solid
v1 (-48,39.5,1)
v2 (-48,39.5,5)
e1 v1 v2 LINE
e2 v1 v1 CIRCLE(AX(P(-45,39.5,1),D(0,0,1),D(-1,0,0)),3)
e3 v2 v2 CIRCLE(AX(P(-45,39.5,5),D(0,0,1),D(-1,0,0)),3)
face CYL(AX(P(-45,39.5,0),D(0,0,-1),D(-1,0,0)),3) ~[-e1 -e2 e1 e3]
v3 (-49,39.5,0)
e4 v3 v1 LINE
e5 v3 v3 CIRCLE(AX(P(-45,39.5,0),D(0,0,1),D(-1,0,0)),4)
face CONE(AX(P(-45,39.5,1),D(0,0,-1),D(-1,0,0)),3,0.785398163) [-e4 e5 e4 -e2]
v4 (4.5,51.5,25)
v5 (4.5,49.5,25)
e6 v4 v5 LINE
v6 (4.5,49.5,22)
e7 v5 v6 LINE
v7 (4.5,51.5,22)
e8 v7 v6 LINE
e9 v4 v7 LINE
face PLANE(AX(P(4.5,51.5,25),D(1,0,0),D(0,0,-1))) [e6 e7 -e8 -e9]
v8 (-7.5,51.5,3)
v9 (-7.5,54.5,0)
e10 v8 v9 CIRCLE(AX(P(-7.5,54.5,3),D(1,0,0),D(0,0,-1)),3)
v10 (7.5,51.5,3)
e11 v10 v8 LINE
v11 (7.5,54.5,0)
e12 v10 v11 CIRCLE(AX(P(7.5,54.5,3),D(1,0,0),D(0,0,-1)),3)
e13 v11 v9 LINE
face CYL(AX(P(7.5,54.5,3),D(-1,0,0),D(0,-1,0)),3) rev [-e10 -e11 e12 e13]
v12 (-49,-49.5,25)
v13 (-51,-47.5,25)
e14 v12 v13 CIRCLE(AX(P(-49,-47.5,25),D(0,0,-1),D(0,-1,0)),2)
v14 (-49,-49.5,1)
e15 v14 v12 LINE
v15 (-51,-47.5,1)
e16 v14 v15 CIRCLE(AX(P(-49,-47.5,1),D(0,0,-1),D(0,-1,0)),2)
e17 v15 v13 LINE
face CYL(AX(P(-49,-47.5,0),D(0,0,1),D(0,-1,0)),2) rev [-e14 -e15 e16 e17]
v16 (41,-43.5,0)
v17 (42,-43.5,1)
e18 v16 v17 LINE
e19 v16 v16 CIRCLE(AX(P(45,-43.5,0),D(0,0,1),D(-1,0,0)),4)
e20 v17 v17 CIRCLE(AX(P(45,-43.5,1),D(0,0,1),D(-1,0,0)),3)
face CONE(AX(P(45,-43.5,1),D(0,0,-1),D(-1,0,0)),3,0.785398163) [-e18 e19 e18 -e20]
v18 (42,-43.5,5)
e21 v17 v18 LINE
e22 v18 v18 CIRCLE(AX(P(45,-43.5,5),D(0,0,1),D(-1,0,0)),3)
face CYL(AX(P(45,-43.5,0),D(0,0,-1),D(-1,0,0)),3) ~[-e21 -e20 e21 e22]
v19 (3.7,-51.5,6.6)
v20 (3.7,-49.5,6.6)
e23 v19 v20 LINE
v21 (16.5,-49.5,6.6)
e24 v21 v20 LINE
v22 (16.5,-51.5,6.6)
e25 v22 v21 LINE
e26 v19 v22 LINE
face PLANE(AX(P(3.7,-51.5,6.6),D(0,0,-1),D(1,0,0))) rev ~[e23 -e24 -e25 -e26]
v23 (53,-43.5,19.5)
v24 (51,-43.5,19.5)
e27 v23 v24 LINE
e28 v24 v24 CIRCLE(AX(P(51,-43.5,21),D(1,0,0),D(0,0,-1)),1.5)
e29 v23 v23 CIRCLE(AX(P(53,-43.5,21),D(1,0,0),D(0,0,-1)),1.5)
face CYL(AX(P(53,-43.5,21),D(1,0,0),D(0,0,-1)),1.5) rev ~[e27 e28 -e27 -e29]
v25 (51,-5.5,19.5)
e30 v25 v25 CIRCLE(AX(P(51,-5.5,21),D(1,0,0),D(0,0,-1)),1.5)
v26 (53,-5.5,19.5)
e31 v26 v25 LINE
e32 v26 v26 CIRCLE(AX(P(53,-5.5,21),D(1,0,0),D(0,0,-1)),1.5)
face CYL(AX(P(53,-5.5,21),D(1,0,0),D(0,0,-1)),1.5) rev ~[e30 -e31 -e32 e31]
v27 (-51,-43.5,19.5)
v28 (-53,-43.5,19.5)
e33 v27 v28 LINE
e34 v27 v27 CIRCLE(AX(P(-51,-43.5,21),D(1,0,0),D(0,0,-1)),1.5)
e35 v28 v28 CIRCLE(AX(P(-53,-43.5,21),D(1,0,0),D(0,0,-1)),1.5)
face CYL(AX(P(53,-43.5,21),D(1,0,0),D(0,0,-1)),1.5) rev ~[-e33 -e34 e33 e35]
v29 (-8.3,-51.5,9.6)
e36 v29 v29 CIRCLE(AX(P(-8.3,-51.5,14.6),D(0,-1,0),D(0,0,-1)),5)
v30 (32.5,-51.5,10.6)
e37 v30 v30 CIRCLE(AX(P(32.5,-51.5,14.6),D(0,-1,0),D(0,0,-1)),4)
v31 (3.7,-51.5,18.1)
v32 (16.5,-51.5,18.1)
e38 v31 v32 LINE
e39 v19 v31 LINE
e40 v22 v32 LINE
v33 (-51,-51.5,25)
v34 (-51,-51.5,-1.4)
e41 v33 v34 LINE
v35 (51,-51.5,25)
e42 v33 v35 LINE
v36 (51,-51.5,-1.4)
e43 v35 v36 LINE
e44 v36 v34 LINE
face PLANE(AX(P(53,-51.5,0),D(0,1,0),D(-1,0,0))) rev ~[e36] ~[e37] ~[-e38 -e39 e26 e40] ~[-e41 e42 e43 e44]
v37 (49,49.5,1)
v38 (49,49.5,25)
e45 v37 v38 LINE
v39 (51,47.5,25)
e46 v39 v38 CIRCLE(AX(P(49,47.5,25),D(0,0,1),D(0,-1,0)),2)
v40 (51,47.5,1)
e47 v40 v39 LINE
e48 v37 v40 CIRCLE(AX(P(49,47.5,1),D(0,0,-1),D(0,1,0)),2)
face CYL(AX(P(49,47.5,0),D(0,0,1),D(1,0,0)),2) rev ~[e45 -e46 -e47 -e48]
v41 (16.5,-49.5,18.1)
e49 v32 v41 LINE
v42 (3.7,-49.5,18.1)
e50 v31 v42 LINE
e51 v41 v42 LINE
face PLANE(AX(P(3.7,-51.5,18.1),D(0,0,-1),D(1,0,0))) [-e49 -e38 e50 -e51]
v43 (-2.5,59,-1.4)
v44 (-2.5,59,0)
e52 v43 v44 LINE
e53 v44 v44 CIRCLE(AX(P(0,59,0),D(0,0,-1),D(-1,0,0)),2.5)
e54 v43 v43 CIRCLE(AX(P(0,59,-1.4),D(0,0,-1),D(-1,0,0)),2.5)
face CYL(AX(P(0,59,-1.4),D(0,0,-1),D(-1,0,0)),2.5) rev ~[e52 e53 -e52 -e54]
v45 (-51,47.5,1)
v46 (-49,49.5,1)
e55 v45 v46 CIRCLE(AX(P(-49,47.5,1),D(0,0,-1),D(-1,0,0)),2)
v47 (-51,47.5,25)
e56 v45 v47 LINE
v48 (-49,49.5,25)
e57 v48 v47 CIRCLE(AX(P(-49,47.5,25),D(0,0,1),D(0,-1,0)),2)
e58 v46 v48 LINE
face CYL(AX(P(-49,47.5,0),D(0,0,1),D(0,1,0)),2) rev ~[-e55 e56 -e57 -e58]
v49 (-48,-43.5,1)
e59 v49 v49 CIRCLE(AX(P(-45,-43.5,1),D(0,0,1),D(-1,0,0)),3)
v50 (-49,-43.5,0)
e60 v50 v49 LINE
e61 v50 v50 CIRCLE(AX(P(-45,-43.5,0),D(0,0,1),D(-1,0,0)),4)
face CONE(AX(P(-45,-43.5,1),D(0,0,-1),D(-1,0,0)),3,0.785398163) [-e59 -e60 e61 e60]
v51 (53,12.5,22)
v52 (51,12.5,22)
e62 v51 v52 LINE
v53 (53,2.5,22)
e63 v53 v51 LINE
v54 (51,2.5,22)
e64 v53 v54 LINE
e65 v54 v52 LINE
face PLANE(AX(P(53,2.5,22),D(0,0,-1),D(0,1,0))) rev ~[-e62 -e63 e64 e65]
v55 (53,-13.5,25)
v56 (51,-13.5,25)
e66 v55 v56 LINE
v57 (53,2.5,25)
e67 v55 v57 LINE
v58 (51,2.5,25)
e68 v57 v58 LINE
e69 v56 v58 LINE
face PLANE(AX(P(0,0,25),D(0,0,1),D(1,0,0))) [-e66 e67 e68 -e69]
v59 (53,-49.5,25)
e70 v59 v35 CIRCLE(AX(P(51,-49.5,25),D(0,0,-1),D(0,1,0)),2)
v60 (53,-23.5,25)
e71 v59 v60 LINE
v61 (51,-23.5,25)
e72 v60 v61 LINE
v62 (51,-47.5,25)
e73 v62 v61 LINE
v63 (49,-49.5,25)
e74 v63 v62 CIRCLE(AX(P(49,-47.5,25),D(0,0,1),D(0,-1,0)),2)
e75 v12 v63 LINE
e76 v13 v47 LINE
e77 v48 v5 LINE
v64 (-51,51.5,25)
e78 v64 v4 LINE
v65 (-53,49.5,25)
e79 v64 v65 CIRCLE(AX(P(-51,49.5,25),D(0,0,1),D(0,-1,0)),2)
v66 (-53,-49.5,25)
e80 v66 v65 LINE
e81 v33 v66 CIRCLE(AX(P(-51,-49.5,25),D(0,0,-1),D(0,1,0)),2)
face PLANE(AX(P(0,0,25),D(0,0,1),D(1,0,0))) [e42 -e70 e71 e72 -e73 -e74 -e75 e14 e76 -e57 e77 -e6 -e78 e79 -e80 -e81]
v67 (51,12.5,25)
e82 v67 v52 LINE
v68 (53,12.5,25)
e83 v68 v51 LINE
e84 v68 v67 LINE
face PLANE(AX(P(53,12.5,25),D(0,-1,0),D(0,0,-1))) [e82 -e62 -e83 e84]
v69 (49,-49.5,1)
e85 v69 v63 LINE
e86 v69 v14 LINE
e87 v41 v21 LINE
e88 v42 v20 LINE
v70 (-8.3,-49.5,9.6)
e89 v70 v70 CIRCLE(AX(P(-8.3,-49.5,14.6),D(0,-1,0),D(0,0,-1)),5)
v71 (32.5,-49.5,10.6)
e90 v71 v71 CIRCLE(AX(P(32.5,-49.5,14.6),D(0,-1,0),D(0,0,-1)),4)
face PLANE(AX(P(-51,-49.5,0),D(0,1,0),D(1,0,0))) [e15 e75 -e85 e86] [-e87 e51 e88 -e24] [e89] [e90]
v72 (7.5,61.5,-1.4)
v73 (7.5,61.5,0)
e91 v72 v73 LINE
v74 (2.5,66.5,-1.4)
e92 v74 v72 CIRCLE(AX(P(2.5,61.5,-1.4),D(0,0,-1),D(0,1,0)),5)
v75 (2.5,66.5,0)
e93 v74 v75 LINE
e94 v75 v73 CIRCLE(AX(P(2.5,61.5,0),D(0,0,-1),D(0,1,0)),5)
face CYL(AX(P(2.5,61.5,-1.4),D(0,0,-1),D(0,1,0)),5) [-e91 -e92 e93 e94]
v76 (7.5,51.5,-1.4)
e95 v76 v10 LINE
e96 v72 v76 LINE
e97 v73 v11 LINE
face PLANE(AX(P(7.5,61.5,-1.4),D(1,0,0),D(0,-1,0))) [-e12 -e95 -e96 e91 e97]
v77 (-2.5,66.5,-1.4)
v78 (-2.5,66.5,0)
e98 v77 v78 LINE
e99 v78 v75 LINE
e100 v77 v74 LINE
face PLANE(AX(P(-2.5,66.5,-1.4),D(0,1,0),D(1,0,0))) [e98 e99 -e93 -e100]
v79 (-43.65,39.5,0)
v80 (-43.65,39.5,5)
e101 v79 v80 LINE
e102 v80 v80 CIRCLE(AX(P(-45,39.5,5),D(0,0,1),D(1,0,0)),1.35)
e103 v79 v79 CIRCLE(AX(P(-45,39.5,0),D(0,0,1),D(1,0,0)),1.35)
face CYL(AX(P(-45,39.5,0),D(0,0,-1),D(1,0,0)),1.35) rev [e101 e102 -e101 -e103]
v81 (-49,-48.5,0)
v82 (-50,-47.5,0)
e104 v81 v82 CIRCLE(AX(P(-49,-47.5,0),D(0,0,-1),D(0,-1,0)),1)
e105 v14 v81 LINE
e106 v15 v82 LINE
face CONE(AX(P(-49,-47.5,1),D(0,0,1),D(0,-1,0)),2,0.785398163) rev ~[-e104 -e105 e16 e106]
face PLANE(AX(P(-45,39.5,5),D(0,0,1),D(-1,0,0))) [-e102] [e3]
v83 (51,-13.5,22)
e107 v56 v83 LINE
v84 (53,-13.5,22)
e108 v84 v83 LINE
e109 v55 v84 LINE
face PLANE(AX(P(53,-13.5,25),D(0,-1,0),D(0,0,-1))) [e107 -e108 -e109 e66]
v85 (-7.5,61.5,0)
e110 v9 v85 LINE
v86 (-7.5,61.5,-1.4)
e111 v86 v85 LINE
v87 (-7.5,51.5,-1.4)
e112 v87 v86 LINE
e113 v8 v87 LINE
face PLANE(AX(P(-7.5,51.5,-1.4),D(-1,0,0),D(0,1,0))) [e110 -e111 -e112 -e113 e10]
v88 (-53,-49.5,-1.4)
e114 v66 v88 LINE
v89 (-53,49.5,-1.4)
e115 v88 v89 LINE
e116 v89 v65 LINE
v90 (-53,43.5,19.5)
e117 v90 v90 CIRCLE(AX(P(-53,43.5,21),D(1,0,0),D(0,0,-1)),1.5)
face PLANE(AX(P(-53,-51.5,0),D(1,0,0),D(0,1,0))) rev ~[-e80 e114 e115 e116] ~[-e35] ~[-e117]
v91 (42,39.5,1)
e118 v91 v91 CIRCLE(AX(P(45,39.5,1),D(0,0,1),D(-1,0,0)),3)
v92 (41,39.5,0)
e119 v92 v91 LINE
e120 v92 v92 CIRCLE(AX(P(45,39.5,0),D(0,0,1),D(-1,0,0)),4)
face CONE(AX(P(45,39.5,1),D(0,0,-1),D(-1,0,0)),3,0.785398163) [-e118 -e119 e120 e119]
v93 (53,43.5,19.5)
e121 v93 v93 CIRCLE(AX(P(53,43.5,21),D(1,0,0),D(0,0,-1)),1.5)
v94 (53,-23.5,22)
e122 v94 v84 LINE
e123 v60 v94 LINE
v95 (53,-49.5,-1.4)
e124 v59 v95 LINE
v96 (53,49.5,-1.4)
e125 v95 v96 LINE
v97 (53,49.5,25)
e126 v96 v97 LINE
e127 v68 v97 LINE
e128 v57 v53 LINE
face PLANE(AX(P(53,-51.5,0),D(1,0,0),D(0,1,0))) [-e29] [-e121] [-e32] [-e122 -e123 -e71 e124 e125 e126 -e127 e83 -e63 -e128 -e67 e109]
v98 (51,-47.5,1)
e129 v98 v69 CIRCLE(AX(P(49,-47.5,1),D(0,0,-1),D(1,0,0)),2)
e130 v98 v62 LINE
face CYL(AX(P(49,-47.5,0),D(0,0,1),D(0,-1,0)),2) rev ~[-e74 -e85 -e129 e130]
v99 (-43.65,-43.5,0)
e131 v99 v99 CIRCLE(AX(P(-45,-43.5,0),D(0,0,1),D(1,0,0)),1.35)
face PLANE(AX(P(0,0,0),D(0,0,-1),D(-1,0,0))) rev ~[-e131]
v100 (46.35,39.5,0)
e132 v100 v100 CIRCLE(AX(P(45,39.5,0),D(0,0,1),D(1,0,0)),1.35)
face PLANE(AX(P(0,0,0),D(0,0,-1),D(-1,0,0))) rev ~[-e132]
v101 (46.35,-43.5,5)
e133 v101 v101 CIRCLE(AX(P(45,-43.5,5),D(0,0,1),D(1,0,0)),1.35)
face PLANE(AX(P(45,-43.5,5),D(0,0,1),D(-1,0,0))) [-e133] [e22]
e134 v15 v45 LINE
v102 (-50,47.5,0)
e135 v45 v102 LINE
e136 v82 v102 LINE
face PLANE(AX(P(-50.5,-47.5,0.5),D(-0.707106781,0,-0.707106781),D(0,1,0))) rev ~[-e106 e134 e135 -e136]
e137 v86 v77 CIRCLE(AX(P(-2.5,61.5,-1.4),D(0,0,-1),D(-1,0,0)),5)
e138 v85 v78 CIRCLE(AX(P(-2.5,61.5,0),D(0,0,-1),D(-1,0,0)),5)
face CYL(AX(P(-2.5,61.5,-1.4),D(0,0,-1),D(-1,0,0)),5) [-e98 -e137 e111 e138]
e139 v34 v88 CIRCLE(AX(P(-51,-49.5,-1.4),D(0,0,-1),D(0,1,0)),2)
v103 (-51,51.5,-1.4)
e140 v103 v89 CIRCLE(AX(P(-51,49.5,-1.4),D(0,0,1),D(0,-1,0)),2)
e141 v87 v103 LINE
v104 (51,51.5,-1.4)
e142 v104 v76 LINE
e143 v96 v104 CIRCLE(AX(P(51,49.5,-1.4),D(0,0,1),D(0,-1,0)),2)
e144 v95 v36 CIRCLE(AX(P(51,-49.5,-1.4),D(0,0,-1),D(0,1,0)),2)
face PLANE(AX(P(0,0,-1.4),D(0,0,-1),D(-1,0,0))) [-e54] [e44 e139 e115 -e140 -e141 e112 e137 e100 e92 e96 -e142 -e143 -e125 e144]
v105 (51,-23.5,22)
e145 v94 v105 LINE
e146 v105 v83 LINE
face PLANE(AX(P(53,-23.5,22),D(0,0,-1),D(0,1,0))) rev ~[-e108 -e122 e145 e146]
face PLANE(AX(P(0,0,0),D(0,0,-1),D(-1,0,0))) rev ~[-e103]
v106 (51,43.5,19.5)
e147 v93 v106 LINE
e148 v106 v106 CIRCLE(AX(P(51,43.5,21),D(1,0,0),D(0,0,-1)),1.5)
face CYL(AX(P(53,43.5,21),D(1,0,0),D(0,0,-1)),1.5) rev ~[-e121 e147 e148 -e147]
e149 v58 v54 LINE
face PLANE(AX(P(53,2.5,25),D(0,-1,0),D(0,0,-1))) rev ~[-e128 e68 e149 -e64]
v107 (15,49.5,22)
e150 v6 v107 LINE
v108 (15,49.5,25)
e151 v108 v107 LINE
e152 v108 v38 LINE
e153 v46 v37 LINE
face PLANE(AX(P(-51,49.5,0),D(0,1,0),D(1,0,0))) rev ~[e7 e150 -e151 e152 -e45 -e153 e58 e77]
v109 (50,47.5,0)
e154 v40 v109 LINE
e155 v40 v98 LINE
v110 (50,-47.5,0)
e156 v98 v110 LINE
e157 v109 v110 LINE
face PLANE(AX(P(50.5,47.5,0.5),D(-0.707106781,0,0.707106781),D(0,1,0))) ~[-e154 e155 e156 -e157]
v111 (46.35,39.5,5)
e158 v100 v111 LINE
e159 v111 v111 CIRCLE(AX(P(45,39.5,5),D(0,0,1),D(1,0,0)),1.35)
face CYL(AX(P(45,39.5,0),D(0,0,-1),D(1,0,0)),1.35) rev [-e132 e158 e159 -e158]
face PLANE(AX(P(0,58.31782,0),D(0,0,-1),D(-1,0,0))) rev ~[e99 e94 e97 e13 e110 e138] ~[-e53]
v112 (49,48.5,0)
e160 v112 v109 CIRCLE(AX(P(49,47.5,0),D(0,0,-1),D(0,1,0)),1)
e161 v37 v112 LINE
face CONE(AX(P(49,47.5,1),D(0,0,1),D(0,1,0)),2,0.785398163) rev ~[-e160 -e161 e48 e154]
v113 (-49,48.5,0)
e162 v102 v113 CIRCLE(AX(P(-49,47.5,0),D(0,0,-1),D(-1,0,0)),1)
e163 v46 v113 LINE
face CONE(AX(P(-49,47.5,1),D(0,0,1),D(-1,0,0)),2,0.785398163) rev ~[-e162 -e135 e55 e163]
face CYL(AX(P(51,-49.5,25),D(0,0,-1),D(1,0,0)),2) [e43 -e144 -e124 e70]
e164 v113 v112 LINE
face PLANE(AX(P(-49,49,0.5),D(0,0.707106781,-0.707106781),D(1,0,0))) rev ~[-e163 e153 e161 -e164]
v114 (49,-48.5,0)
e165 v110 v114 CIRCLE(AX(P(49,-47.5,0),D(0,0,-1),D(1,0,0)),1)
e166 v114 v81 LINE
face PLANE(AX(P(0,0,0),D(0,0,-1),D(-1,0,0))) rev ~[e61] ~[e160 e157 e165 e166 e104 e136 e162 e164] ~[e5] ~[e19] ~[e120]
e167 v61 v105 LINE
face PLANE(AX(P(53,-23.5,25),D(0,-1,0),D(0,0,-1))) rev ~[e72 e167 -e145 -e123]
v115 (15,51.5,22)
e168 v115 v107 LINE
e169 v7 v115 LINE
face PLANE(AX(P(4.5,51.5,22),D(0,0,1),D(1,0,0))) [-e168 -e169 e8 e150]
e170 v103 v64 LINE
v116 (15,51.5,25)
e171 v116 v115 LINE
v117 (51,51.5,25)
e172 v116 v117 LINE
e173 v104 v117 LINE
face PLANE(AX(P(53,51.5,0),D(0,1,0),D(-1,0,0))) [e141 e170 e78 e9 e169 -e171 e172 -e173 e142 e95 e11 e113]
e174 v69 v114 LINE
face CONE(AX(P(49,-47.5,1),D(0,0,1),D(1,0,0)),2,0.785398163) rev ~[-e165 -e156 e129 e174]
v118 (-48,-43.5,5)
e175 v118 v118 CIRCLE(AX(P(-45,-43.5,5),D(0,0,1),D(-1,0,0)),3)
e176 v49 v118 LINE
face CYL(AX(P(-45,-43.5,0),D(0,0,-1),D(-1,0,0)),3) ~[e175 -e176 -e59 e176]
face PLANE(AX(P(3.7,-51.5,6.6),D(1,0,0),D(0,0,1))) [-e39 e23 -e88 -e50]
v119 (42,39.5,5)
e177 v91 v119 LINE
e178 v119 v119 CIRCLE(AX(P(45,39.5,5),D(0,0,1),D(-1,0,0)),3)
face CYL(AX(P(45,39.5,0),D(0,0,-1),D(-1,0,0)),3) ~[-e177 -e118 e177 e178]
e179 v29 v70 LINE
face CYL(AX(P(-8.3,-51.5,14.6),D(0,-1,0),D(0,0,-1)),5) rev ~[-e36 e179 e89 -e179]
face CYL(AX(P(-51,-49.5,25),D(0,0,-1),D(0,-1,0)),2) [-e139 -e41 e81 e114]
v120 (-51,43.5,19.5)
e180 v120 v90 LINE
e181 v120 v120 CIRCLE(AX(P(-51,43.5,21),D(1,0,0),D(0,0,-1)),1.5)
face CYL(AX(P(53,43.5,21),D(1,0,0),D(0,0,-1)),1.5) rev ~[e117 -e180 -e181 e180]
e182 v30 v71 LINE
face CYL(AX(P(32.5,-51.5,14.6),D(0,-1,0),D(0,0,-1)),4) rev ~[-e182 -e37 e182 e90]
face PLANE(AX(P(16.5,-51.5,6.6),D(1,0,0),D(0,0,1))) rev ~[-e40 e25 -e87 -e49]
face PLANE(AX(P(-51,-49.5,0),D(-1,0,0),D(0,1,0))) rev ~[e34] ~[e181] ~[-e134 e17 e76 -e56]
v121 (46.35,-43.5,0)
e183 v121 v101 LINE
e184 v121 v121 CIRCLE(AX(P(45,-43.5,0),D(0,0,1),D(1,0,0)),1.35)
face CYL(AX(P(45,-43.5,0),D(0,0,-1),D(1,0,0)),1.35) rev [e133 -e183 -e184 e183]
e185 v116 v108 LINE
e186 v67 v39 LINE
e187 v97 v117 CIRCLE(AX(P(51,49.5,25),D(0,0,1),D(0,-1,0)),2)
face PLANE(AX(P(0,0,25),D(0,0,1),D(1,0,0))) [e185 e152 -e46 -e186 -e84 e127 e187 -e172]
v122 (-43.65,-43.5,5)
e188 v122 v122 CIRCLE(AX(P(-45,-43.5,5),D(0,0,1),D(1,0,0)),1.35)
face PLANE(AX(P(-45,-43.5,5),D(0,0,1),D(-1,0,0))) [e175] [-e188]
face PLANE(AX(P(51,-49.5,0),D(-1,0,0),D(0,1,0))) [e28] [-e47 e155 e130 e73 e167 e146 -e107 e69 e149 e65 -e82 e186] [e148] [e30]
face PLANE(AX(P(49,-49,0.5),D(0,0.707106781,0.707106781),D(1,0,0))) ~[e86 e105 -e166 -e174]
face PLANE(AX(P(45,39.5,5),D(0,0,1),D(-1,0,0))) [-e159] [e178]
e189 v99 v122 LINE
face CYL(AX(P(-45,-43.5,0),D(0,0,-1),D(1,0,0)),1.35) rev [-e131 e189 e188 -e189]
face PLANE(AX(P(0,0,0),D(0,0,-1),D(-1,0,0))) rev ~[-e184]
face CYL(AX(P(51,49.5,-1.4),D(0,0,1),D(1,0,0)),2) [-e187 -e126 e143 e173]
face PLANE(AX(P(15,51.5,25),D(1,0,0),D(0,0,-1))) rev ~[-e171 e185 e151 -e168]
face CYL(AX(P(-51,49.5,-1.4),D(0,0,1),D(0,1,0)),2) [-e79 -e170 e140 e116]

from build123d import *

# Parameters (mm, degrees)
SKETCH_1_W          = 106
SKETCH_1_H          = 103
SKETCH_1_W_2        = 102
SKETCH_1_H_2        = 99
EXTRUDE_1_DEPTH     = 25
SKETCH_2_W          = 106
SKETCH_2_H          = 103
EXTRUDE_2_DEPTH     = 1.4
SKETCH_3_R          = 3
SKETCH_3_R_2        = 1.35
EXTRUDE_3_DEPTH     = 5
SKETCH_4_W          = 12.8
SKETCH_4_H          = 11.5
CUT_EXTRUDE_1_DEPTH = 101
FILLET_1_R          = 2
CHAMFER_1_SIZE      = 1
SKETCH_5_R          = 4
SKETCH_5_R_2        = 5
CUT_EXTRUDE_2_DEPTH = 2
SKETCH_6_W          = 3
SKETCH_6_H          = 10
CUT_EXTRUDE_3_DEPTH = 2
SKETCH_8_R          = 1.5
CUT_EXTRUDE_4_DEPTH = 121.470950855
SKETCH_9_R          = 1.5
CUT_EXTRUDE_5_DEPTH = 2
SKETCH_10_W         = 10.5
SKETCH_10_H         = 3
CUT_EXTRUDE_6_DEPTH = 2
SKETCH_11_R         = 2.5
EXTRUDE_4_DEPTH     = 1.4
FILLET_2_R          = 3


with BuildPart() as part:
    # Эскиз1 → Бобышка-Вытянуть1 (new body)
    with BuildSketch(Plane.XY):
        Rectangle(SKETCH_1_W, SKETCH_1_H)
        Rectangle(SKETCH_1_W_2, SKETCH_1_H_2, mode=Mode.SUBTRACT)
    extrude(amount=EXTRUDE_1_DEPTH)

    # Эскиз2 → Бобышка-Вытянуть2 (add)
    with BuildSketch(Plane(origin=(0, 0, 0), x_dir=(-1, 0, 0), z_dir=(0, 0, -1))):
        Rectangle(SKETCH_2_W, SKETCH_2_H)
    extrude(amount=EXTRUDE_2_DEPTH)

    # Эскиз3 → Бобышка-Вытянуть3 (add)
    # profile 1 of 4: a face of its own
    with BuildSketch(Plane.XY):
        with Locations(Location((-45, 39.5, 0), (0, 0, 180))):
            Circle(SKETCH_3_R)
        with Locations((-45, 39.5)):
            Circle(SKETCH_3_R_2, mode=Mode.SUBTRACT)
    # profile 2 of 4: a face of its own
    with BuildSketch(Plane.XY):
        with Locations(Location((45, 39.5, 0), (0, 0, 180))):
            Circle(SKETCH_3_R)
        with Locations((45, 39.5)):
            Circle(SKETCH_3_R_2, mode=Mode.SUBTRACT)
    # profile 3 of 4: a face of its own
    with BuildSketch(Plane.XY):
        with Locations(Location((-45, -43.5, 0), (0, 0, 180))):
            Circle(SKETCH_3_R)
        with Locations((-45, -43.5)):
            Circle(SKETCH_3_R_2, mode=Mode.SUBTRACT)
    # profile 4 of 4: a face of its own
    with BuildSketch(Plane.XY):
        with Locations(Location((45, -43.5, 0), (0, 0, 180))):
            Circle(SKETCH_3_R)
        with Locations((45, -43.5)):
            Circle(SKETCH_3_R_2, mode=Mode.SUBTRACT)
    extrude(amount=EXTRUDE_3_DEPTH)

    # Эскиз4 → Вырез-Вытянуть1 (cut)
    with BuildSketch(Plane.XZ.offset(51.5)):
        with Locations((10.1, 12.35)):
            Rectangle(SKETCH_4_W, SKETCH_4_H)
    extrude(amount=-CUT_EXTRUDE_1_DEPTH, mode=Mode.SUBTRACT)

    # Скругление1
    fillet_1_edges = [part.edges().sort_by_distance(p)[0] for p in [
        (51, -49.5, 12.5),
        (51, 49.5, 12.5),
        (-51, 49.5, 12.5),
        (-51, -49.5, 12.5),
        (53, -51.5, 11.8),
        (-53, -51.5, 11.8),
        (-53, 51.5, 11.8),
        (53, 51.5, 11.8),
    ]]
    fillet(fillet_1_edges, radius=FILLET_1_R)

    # Фаска1
    chamfer_1_edges = [part.edges().sort_by_distance(p)[0] for p in [
        (-51, 0, 0),
        (0, -49.5, 0),
        (51, 0, 0),
        (0, 49.5, 0),
        (50.414213562, -48.914213562, 0),
        (50.414213562, 48.914213562, 0),
        (-50.414213562, 48.914213562, 0),
        (-50.414213562, -48.914213562, 0),
        (-42, 39.5, 0),
        (48, 39.5, 0),
        (-42, -43.5, 0),
        (48, -43.5, 0),
    ]]
    chamfer(chamfer_1_edges, length=CHAMFER_1_SIZE)

    # Эскиз5 → Вырез-Вытянуть2 (cut)
    with BuildSketch(Plane.XZ.offset(51.5)):
        with Locations(Location((32.5, 14.6, 0), (0, 0, 270))):
            Circle(SKETCH_5_R)
        with Locations(Location((-8.3, 14.6, 0), (0, 0, 270))):
            Circle(SKETCH_5_R_2)
    extrude(amount=-CUT_EXTRUDE_2_DEPTH, mode=Mode.SUBTRACT)

    # Эскиз6 → Вырез-Вытянуть3 (cut)
    with BuildSketch(Plane(origin=(53, 0, 0), x_dir=(0, 0, -1), z_dir=(1, 0, 0))):
        with Locations((-23.5, -18.5)):
            Rectangle(SKETCH_6_W, SKETCH_6_H)
        with Locations((-23.5, 7.5)):
            Rectangle(SKETCH_6_W, SKETCH_6_H)
    extrude(amount=-CUT_EXTRUDE_3_DEPTH, mode=Mode.SUBTRACT)

    # Эскиз8 → Вырез-Вытянуть4 (cut, through all)
    with BuildSketch(Plane(origin=(53, 0, 0), x_dir=(0, 0, -1), z_dir=(1, 0, 0))):
        with Locations((-21, 43.5)):
            Circle(SKETCH_8_R)
        with Locations((-21, -43.5)):
            Circle(SKETCH_8_R)
    extrude(amount=-CUT_EXTRUDE_4_DEPTH, mode=Mode.SUBTRACT)

    # Эскиз9 → Вырез-Вытянуть5 (cut)
    with BuildSketch(Plane(origin=(53, 0, 0), x_dir=(0, 0, -1), z_dir=(1, 0, 0))):
        with Locations((-21, -5.5)):
            Circle(SKETCH_9_R)
    extrude(amount=-CUT_EXTRUDE_5_DEPTH, mode=Mode.SUBTRACT)

    # Эскиз10 → Вырез-Вытянуть6 (cut)
    with BuildSketch(Plane(origin=(0, 51.5, 0), x_dir=(1, 0, 0), z_dir=(0, 1, 0))):
        with Locations((9.75, -23.5)):
            Rectangle(SKETCH_10_W, SKETCH_10_H)
    extrude(amount=-CUT_EXTRUDE_6_DEPTH, mode=Mode.SUBTRACT)

    # Эскиз11 → Бобышка-Вытянуть4 (add)
    with BuildSketch(Plane(origin=(0, 0, -1.4), x_dir=(-1, 0, 0), z_dir=(0, 0, -1))):
        with BuildLine():
            Line((-7.5, 51.5), (7.5, 51.5))
            Line((7.5, 51.5), (7.5, 61.5))
            ThreePointArc((7.5, 61.5), (6.035533906, 65.035533906), (2.5, 66.5))
            Line((2.5, 66.5), (-2.5, 66.5))
            ThreePointArc((-2.5, 66.5), (-6.035533906, 65.035533906), (-7.5, 61.5))
            Line((-7.5, 61.5), (-7.5, 51.5))
        make_face()
        with Locations((0, 59)):
            Circle(SKETCH_11_R, mode=Mode.SUBTRACT)
    extrude(amount=-EXTRUDE_4_DEPTH)

    # Скругление2
    fillet_2_edges = [part.edges().sort_by_distance(p)[0] for p in [
        (0, 51.5, 0),
    ]]
    fillet(fillet_2_edges, radius=FILLET_2_R)


solid = part.part
